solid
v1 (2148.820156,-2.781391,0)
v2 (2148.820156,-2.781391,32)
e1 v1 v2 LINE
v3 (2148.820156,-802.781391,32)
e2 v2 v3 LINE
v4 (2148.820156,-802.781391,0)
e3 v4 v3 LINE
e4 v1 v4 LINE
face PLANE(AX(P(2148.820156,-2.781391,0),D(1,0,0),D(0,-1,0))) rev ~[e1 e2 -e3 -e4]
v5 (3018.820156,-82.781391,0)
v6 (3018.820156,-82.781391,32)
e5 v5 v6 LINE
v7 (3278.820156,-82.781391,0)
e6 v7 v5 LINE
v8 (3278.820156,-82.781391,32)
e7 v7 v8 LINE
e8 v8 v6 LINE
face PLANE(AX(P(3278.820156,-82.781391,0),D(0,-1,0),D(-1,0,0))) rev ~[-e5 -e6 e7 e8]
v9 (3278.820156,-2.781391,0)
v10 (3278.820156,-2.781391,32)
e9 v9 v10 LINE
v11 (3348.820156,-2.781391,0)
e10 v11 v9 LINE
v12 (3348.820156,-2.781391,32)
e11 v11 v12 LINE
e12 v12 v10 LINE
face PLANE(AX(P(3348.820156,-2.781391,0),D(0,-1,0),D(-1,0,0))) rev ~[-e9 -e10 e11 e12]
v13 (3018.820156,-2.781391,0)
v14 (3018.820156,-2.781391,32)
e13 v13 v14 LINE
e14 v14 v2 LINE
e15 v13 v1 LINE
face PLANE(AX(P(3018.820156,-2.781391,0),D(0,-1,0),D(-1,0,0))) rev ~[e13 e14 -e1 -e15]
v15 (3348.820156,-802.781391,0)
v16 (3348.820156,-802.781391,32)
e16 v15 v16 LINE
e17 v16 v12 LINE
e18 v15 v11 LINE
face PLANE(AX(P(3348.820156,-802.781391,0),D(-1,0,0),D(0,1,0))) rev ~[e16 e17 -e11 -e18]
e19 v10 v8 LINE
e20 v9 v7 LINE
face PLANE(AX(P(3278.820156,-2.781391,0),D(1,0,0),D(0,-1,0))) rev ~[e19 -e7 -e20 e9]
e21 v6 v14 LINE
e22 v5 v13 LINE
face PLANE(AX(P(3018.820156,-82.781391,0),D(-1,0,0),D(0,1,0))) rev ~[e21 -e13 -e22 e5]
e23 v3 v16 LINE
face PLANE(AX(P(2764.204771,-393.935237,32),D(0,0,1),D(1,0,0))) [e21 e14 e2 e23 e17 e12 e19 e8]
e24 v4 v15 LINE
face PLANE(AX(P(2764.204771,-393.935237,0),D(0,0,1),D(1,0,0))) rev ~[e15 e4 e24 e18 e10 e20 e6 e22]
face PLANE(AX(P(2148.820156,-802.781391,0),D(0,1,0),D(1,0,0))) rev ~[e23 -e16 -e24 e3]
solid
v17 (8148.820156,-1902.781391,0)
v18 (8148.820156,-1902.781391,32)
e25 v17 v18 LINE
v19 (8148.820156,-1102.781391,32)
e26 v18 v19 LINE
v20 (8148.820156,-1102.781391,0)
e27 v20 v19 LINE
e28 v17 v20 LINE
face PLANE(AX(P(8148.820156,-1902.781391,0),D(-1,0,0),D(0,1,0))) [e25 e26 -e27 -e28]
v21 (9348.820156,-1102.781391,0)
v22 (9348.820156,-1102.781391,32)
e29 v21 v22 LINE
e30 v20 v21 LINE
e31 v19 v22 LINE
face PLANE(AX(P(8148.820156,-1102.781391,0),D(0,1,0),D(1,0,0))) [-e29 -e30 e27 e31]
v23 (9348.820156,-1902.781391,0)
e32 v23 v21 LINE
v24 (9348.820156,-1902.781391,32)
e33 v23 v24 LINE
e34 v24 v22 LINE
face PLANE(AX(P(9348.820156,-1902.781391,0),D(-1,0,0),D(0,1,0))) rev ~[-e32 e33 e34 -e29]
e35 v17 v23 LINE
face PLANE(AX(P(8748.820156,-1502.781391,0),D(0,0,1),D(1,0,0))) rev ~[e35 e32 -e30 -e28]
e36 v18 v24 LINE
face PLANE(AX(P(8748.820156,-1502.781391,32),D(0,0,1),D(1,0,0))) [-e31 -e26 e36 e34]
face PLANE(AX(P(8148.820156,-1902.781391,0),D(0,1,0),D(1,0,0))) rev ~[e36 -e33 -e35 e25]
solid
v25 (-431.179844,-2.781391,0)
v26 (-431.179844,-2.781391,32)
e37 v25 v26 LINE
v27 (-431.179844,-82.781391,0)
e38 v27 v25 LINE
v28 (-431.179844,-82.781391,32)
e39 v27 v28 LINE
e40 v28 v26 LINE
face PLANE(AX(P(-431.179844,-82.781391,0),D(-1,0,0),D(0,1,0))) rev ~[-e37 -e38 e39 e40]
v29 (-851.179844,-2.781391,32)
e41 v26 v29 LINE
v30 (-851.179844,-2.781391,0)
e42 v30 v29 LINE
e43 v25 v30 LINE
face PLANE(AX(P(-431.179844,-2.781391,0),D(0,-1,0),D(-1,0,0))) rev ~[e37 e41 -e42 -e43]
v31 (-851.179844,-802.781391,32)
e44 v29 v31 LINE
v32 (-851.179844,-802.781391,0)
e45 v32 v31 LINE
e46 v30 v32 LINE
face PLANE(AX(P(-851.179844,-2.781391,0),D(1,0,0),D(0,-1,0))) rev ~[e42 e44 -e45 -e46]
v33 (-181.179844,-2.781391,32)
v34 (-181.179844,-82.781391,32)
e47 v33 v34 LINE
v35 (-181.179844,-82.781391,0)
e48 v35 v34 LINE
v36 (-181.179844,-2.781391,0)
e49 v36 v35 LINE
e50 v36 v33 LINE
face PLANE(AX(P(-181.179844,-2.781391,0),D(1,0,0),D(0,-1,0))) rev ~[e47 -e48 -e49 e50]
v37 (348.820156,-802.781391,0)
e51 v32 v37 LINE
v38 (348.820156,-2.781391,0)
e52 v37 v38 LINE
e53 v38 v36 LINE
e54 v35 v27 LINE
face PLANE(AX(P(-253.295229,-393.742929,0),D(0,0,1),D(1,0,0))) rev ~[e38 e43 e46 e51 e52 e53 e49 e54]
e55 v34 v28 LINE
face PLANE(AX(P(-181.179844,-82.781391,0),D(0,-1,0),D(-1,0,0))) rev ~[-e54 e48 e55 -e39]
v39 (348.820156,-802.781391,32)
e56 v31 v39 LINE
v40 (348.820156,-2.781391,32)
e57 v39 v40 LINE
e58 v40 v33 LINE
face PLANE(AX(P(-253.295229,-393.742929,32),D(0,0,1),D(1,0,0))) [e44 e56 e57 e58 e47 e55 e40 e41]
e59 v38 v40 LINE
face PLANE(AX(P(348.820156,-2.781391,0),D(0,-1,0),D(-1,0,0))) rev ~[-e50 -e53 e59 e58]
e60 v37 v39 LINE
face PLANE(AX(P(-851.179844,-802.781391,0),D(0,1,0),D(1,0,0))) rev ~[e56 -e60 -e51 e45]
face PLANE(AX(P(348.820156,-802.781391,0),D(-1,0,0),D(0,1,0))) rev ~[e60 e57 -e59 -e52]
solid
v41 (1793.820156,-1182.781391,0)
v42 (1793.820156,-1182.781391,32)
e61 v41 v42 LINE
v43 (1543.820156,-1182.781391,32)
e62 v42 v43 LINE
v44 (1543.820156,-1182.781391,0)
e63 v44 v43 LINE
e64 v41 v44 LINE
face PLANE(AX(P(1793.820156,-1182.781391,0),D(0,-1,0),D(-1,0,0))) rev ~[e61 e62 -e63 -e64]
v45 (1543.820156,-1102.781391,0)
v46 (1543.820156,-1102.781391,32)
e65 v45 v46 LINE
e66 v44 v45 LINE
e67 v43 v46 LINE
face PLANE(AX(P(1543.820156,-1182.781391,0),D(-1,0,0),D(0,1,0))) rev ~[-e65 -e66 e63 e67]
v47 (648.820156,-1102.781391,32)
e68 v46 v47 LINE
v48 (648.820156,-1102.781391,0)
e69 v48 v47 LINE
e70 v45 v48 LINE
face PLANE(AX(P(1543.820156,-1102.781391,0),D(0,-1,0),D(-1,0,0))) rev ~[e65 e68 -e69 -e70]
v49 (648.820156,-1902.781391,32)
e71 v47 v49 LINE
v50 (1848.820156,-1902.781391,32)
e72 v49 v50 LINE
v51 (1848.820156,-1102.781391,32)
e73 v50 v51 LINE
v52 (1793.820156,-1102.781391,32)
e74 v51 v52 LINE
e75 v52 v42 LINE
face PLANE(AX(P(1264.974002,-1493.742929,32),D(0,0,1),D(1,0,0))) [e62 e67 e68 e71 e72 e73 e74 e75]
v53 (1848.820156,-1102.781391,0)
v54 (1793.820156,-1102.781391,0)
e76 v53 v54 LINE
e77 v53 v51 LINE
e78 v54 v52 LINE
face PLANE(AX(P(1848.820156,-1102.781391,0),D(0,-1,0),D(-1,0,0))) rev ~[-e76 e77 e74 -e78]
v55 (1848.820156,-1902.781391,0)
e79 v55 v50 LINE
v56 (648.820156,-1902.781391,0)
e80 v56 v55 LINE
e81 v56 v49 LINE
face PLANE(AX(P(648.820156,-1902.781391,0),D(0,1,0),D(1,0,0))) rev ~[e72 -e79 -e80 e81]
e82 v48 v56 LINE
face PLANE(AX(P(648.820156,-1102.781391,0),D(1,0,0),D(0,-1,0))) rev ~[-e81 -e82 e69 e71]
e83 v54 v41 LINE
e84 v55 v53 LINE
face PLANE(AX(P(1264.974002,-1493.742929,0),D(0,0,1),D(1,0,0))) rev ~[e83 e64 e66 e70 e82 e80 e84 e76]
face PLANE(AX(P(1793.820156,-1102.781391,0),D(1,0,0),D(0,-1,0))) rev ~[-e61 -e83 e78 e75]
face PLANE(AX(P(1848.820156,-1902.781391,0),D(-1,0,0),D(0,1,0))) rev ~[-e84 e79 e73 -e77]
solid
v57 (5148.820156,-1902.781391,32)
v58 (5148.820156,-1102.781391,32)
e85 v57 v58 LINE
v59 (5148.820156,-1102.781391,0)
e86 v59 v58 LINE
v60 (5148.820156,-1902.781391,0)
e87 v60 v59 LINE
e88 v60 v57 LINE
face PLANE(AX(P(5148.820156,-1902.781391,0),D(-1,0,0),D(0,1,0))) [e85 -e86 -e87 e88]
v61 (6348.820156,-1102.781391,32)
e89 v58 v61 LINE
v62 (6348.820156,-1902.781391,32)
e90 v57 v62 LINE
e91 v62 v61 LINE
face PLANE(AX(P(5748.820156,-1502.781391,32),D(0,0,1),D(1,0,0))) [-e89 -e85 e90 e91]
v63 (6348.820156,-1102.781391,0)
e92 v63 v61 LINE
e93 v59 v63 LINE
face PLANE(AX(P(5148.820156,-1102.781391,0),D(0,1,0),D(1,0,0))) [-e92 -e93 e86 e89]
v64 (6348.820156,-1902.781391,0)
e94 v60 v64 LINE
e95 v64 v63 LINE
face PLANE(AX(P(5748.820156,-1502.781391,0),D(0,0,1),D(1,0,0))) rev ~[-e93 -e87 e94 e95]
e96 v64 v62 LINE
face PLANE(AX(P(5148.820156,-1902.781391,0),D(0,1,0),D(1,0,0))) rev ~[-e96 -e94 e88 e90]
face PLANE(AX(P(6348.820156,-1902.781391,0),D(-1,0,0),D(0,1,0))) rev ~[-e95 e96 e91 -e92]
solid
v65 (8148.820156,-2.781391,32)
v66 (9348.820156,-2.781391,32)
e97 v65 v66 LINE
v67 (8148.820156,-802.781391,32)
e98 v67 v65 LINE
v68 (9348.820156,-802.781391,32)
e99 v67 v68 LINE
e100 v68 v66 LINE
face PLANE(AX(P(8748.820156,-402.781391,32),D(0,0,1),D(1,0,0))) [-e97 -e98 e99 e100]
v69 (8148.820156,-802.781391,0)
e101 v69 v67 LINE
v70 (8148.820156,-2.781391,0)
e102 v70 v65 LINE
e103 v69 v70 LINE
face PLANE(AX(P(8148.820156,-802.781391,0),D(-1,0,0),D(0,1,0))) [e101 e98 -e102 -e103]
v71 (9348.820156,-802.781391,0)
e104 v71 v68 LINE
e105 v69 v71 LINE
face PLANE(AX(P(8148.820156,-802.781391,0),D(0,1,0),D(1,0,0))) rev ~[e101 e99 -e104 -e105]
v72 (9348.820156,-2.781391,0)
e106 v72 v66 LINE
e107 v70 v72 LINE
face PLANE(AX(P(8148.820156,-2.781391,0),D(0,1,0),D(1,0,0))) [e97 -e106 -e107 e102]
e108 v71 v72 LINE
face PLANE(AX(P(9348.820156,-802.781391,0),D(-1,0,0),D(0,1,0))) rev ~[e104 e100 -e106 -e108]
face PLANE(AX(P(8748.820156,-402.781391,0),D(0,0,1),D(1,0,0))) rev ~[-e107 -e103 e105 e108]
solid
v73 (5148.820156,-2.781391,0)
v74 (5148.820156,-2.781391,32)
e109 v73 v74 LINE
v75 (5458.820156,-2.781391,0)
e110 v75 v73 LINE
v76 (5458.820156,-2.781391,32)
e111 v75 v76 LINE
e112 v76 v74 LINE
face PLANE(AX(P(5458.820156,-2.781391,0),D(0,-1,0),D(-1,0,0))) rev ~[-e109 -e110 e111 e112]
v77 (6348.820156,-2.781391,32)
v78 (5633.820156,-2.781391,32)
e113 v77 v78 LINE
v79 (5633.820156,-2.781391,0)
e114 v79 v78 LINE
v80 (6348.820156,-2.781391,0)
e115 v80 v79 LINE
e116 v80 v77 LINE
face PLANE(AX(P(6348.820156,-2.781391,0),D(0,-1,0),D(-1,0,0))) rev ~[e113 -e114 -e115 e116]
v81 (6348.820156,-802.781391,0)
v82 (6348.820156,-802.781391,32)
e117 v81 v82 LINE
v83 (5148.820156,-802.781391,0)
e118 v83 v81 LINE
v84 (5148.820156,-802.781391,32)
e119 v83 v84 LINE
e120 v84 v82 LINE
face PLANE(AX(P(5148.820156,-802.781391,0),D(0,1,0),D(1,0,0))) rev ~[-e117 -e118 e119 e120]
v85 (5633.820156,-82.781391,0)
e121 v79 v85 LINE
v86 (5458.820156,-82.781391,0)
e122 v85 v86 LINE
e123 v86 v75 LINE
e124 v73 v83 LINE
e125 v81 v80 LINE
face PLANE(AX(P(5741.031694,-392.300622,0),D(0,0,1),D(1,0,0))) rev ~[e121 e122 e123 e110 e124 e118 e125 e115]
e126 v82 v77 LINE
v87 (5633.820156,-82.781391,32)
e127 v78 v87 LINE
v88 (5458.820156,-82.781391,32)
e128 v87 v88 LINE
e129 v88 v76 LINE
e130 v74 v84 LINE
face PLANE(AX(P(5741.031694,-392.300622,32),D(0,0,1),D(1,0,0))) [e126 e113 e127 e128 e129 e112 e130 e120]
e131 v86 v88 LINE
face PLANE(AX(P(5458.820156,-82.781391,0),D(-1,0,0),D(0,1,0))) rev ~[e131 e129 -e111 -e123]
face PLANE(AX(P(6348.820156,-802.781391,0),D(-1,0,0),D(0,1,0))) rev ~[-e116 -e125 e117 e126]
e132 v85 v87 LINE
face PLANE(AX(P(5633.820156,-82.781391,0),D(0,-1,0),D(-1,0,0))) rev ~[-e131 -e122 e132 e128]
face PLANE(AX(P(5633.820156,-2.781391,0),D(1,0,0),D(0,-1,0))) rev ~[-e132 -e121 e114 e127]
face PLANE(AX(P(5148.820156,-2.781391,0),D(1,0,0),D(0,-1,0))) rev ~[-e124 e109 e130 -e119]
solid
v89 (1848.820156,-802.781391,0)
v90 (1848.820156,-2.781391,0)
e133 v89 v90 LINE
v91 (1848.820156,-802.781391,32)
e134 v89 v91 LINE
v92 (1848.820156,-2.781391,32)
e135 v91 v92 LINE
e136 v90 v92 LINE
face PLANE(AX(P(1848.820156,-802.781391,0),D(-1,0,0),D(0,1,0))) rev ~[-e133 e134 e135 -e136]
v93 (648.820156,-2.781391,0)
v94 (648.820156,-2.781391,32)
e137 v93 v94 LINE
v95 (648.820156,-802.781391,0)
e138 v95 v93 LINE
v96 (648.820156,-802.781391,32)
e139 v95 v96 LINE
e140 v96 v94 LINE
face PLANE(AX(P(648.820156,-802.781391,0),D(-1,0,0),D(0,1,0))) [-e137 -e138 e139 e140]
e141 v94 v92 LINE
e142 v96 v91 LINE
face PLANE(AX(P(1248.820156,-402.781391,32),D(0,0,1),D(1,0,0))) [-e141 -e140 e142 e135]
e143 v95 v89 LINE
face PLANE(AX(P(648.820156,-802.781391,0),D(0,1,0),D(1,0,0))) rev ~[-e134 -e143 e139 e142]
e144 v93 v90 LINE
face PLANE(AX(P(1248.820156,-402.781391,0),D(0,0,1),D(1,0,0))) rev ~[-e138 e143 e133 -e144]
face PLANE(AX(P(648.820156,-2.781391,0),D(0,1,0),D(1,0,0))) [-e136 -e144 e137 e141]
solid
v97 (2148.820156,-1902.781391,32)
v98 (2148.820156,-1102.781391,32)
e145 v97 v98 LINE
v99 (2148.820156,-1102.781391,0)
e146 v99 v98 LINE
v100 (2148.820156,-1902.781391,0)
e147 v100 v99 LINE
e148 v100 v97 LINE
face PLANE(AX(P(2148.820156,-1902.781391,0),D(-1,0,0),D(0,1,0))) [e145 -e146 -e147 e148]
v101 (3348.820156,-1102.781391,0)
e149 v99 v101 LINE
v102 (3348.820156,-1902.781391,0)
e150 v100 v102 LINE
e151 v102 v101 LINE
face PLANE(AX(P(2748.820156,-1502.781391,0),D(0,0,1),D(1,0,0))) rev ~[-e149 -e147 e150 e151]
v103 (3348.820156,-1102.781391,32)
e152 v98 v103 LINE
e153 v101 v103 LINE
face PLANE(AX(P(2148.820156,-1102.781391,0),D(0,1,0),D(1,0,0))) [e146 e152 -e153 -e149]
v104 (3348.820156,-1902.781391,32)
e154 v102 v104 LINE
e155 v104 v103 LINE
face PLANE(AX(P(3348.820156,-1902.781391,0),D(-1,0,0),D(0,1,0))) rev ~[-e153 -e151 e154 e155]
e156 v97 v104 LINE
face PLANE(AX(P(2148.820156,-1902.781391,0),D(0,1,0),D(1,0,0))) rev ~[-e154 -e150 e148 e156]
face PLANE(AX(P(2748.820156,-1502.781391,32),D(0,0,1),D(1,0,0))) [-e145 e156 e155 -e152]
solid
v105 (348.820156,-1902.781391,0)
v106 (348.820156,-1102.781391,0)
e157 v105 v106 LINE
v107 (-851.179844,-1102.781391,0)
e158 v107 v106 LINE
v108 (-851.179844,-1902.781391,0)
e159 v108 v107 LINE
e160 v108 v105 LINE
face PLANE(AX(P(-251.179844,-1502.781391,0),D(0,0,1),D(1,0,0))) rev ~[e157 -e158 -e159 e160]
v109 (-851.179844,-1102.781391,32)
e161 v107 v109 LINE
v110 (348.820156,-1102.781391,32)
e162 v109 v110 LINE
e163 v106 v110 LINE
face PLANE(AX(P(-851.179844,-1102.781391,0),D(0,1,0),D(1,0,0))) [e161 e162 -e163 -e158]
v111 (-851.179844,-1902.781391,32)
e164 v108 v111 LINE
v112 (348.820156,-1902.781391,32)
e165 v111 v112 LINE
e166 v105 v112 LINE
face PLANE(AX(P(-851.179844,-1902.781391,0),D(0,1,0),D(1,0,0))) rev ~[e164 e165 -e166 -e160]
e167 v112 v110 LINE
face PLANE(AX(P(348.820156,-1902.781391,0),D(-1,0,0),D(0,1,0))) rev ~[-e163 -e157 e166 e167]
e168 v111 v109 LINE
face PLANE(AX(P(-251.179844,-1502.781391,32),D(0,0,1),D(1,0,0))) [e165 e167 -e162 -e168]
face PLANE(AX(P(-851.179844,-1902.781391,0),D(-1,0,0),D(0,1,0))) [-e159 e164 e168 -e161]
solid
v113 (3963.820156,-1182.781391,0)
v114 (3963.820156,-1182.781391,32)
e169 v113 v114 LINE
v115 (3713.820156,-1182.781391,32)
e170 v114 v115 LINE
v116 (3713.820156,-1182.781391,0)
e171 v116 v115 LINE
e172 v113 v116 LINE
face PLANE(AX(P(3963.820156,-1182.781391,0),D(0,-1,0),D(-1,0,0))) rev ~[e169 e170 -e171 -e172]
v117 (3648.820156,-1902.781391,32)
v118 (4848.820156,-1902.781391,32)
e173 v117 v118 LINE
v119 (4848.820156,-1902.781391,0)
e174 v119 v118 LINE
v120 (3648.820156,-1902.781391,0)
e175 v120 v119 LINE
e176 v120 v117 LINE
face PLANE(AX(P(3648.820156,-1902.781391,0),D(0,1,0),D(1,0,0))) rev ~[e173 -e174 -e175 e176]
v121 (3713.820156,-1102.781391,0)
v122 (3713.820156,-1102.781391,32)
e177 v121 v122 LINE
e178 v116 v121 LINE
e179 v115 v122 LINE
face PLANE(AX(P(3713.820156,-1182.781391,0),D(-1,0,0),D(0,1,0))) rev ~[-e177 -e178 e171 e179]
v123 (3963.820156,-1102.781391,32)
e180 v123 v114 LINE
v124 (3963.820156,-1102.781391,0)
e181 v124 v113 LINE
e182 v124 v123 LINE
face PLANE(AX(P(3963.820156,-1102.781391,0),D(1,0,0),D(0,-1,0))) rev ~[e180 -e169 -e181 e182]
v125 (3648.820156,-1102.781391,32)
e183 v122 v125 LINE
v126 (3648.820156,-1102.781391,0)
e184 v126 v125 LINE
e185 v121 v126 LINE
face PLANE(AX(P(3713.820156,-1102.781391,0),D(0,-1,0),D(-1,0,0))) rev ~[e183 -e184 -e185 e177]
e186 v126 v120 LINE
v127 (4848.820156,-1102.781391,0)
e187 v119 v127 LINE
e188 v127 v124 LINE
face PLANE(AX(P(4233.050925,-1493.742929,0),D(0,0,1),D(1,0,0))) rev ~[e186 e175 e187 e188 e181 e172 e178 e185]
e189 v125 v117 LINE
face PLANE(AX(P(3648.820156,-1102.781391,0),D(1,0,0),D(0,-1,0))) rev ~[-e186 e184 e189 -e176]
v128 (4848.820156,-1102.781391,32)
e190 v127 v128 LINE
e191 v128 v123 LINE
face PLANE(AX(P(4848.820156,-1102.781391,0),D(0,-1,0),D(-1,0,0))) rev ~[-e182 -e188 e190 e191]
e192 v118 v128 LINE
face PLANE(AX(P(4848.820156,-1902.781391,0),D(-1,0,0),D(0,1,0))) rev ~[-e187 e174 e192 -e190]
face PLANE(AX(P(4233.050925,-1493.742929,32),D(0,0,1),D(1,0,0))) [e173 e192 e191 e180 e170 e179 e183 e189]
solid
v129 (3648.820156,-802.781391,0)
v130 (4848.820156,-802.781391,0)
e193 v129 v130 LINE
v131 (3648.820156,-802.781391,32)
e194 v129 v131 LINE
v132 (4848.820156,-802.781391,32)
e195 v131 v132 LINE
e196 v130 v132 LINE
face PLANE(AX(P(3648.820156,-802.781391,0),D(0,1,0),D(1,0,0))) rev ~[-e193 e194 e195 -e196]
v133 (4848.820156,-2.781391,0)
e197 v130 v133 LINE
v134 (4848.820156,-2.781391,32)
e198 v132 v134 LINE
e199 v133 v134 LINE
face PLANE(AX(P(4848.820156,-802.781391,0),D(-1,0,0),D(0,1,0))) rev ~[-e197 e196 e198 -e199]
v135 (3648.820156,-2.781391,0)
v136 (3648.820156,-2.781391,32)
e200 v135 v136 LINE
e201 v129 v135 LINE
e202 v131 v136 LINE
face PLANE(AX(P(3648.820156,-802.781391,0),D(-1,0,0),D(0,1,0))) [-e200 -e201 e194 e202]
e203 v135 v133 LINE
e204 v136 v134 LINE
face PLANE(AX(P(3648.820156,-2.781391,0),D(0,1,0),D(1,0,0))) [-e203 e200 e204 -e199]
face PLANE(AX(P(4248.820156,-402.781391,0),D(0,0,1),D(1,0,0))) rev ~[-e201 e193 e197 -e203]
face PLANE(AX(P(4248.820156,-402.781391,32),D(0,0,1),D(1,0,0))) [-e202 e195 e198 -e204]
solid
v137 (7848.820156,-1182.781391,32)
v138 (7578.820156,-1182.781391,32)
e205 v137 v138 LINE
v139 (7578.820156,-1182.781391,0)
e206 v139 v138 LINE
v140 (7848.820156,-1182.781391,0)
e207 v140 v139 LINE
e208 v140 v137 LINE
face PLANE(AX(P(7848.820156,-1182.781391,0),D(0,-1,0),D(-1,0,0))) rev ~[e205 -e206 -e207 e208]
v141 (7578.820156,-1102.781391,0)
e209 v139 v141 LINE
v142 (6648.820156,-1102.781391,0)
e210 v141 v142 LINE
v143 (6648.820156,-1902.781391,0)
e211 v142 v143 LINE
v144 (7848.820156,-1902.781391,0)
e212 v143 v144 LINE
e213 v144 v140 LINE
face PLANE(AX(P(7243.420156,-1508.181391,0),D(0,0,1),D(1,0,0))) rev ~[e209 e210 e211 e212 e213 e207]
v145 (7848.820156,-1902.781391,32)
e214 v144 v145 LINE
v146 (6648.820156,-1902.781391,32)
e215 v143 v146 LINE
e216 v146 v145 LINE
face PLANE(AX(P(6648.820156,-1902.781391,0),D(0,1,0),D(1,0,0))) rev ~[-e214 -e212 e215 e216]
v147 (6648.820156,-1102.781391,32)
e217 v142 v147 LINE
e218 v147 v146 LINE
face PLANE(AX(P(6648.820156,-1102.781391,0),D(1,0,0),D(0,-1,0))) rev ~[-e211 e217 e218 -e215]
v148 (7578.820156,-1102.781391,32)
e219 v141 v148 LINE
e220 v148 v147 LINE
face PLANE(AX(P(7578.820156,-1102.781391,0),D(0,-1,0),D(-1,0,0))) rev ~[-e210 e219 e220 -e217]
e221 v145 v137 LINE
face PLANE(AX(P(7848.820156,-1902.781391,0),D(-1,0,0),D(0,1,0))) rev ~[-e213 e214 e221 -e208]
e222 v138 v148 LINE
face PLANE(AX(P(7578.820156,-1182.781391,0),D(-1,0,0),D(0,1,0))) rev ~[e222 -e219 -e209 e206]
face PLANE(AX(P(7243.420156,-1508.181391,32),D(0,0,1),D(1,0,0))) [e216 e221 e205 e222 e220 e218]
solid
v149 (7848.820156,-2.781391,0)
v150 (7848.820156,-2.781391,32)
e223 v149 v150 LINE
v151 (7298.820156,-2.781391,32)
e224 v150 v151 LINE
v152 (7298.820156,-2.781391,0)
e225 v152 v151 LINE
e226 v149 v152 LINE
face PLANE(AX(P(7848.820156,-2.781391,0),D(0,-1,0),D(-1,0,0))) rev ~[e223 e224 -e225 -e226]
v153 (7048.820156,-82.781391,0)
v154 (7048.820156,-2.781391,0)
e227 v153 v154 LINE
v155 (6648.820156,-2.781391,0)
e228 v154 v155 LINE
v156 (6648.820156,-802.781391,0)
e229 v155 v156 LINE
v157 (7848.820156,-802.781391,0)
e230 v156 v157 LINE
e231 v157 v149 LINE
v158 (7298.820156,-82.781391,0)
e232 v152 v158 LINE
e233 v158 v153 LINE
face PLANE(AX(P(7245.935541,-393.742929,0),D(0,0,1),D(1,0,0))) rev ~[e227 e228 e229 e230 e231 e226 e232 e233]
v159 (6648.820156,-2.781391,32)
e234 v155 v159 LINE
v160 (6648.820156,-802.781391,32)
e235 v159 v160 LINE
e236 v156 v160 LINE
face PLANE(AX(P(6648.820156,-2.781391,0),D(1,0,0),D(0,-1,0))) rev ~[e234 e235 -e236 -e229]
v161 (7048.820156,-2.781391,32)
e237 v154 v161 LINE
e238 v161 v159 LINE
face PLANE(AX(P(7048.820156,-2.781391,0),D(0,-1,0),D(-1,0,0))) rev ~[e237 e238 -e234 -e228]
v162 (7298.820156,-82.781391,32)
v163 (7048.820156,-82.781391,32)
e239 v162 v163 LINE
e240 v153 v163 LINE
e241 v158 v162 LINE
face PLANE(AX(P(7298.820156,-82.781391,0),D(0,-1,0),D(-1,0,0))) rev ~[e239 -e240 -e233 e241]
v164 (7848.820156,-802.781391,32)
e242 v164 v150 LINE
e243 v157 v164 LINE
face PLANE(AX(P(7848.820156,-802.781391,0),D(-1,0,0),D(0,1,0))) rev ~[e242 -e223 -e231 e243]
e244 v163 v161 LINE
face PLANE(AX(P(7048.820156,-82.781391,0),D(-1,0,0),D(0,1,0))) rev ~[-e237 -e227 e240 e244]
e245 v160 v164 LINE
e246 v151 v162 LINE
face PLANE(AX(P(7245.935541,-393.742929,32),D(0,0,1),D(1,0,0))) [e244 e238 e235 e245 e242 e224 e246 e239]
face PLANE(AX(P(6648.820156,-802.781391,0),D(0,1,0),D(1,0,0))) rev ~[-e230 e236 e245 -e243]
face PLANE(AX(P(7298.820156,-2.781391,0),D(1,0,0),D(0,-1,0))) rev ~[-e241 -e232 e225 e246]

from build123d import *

# Parameters (mm, degrees)
F0_W     = 1200
F0_H     = 800
F1_DEPTH = 32


with BuildPart() as f1:
    # F0 (on Top) → F1 (new body)
    with BuildSketch(Plane.XY):
        Polygon((-431.179844, -2.781391), (-851.179844, -2.781391), (-851.179844, -802.781391), (348.820156, -802.781391), (348.820156, -2.781391), (-181.179844, -2.781391), (-181.179844, -82.781391), (-431.179844, -82.781391), align=None)
        with Locations((1248.820156, -402.781391)):
            Rectangle(F0_W, F0_H)
        Polygon((3348.820156, -802.781391), (3348.820156, -2.781391), (3278.820156, -2.781391), (3278.820156, -82.781391), (3018.820156, -82.781391), (3018.820156, -2.781391), (2148.820156, -2.781391), (2148.820156, -802.781391), align=None)
        with Locations((4248.820156, -402.781391)):
            Rectangle(F0_W, F0_H)
        Polygon((6348.820156, -802.781391), (6348.820156, -2.781391), (5633.820156, -2.781391), (5633.820156, -82.781391), (5458.820156, -82.781391), (5458.820156, -2.781391), (5148.820156, -2.781391), (5148.820156, -802.781391), align=None)
        Polygon((7848.820156, -802.781391), (7848.820156, -2.781391), (7298.820156, -2.781391), (7298.820156, -82.781391), (7048.820156, -82.781391), (7048.820156, -2.781391), (6648.820156, -2.781391), (6648.820156, -802.781391), align=None)
        with Locations((8748.820156, -402.781391)):
            Rectangle(F0_W, F0_H)
        with Locations((-251.179844, -1502.781391)):
            Rectangle(F0_W, F0_H)
        Polygon((1848.820156, -1902.781391), (1848.820156, -1102.781391), (1793.820156, -1102.781391), (1793.820156, -1182.781391), (1543.820156, -1182.781391), (1543.820156, -1102.781391), (648.820156, -1102.781391), (648.820156, -1902.781391), align=None)
        with Locations((2748.820156, -1502.781391)):
            Rectangle(F0_W, F0_H)
        Polygon((4848.820156, -1902.781391), (4848.820156, -1102.781391), (3963.820156, -1102.781391), (3963.820156, -1182.781391), (3713.820156, -1182.781391), (3713.820156, -1102.781391), (3648.820156, -1102.781391), (3648.820156, -1902.781391), align=None)
        with Locations((5748.820156, -1502.781391)):
            Rectangle(F0_W, F0_H)
        Polygon((7848.820156, -1902.781391), (7848.820156, -1182.781391), (7578.820156, -1182.781391), (7578.820156, -1102.781391), (6648.820156, -1102.781391), (6648.820156, -1902.781391), align=None)
        with Locations((8748.820156, -1502.781391)):
            Rectangle(F0_W, F0_H)
    extrude(amount=F1_DEPTH)


solid = f1.part
